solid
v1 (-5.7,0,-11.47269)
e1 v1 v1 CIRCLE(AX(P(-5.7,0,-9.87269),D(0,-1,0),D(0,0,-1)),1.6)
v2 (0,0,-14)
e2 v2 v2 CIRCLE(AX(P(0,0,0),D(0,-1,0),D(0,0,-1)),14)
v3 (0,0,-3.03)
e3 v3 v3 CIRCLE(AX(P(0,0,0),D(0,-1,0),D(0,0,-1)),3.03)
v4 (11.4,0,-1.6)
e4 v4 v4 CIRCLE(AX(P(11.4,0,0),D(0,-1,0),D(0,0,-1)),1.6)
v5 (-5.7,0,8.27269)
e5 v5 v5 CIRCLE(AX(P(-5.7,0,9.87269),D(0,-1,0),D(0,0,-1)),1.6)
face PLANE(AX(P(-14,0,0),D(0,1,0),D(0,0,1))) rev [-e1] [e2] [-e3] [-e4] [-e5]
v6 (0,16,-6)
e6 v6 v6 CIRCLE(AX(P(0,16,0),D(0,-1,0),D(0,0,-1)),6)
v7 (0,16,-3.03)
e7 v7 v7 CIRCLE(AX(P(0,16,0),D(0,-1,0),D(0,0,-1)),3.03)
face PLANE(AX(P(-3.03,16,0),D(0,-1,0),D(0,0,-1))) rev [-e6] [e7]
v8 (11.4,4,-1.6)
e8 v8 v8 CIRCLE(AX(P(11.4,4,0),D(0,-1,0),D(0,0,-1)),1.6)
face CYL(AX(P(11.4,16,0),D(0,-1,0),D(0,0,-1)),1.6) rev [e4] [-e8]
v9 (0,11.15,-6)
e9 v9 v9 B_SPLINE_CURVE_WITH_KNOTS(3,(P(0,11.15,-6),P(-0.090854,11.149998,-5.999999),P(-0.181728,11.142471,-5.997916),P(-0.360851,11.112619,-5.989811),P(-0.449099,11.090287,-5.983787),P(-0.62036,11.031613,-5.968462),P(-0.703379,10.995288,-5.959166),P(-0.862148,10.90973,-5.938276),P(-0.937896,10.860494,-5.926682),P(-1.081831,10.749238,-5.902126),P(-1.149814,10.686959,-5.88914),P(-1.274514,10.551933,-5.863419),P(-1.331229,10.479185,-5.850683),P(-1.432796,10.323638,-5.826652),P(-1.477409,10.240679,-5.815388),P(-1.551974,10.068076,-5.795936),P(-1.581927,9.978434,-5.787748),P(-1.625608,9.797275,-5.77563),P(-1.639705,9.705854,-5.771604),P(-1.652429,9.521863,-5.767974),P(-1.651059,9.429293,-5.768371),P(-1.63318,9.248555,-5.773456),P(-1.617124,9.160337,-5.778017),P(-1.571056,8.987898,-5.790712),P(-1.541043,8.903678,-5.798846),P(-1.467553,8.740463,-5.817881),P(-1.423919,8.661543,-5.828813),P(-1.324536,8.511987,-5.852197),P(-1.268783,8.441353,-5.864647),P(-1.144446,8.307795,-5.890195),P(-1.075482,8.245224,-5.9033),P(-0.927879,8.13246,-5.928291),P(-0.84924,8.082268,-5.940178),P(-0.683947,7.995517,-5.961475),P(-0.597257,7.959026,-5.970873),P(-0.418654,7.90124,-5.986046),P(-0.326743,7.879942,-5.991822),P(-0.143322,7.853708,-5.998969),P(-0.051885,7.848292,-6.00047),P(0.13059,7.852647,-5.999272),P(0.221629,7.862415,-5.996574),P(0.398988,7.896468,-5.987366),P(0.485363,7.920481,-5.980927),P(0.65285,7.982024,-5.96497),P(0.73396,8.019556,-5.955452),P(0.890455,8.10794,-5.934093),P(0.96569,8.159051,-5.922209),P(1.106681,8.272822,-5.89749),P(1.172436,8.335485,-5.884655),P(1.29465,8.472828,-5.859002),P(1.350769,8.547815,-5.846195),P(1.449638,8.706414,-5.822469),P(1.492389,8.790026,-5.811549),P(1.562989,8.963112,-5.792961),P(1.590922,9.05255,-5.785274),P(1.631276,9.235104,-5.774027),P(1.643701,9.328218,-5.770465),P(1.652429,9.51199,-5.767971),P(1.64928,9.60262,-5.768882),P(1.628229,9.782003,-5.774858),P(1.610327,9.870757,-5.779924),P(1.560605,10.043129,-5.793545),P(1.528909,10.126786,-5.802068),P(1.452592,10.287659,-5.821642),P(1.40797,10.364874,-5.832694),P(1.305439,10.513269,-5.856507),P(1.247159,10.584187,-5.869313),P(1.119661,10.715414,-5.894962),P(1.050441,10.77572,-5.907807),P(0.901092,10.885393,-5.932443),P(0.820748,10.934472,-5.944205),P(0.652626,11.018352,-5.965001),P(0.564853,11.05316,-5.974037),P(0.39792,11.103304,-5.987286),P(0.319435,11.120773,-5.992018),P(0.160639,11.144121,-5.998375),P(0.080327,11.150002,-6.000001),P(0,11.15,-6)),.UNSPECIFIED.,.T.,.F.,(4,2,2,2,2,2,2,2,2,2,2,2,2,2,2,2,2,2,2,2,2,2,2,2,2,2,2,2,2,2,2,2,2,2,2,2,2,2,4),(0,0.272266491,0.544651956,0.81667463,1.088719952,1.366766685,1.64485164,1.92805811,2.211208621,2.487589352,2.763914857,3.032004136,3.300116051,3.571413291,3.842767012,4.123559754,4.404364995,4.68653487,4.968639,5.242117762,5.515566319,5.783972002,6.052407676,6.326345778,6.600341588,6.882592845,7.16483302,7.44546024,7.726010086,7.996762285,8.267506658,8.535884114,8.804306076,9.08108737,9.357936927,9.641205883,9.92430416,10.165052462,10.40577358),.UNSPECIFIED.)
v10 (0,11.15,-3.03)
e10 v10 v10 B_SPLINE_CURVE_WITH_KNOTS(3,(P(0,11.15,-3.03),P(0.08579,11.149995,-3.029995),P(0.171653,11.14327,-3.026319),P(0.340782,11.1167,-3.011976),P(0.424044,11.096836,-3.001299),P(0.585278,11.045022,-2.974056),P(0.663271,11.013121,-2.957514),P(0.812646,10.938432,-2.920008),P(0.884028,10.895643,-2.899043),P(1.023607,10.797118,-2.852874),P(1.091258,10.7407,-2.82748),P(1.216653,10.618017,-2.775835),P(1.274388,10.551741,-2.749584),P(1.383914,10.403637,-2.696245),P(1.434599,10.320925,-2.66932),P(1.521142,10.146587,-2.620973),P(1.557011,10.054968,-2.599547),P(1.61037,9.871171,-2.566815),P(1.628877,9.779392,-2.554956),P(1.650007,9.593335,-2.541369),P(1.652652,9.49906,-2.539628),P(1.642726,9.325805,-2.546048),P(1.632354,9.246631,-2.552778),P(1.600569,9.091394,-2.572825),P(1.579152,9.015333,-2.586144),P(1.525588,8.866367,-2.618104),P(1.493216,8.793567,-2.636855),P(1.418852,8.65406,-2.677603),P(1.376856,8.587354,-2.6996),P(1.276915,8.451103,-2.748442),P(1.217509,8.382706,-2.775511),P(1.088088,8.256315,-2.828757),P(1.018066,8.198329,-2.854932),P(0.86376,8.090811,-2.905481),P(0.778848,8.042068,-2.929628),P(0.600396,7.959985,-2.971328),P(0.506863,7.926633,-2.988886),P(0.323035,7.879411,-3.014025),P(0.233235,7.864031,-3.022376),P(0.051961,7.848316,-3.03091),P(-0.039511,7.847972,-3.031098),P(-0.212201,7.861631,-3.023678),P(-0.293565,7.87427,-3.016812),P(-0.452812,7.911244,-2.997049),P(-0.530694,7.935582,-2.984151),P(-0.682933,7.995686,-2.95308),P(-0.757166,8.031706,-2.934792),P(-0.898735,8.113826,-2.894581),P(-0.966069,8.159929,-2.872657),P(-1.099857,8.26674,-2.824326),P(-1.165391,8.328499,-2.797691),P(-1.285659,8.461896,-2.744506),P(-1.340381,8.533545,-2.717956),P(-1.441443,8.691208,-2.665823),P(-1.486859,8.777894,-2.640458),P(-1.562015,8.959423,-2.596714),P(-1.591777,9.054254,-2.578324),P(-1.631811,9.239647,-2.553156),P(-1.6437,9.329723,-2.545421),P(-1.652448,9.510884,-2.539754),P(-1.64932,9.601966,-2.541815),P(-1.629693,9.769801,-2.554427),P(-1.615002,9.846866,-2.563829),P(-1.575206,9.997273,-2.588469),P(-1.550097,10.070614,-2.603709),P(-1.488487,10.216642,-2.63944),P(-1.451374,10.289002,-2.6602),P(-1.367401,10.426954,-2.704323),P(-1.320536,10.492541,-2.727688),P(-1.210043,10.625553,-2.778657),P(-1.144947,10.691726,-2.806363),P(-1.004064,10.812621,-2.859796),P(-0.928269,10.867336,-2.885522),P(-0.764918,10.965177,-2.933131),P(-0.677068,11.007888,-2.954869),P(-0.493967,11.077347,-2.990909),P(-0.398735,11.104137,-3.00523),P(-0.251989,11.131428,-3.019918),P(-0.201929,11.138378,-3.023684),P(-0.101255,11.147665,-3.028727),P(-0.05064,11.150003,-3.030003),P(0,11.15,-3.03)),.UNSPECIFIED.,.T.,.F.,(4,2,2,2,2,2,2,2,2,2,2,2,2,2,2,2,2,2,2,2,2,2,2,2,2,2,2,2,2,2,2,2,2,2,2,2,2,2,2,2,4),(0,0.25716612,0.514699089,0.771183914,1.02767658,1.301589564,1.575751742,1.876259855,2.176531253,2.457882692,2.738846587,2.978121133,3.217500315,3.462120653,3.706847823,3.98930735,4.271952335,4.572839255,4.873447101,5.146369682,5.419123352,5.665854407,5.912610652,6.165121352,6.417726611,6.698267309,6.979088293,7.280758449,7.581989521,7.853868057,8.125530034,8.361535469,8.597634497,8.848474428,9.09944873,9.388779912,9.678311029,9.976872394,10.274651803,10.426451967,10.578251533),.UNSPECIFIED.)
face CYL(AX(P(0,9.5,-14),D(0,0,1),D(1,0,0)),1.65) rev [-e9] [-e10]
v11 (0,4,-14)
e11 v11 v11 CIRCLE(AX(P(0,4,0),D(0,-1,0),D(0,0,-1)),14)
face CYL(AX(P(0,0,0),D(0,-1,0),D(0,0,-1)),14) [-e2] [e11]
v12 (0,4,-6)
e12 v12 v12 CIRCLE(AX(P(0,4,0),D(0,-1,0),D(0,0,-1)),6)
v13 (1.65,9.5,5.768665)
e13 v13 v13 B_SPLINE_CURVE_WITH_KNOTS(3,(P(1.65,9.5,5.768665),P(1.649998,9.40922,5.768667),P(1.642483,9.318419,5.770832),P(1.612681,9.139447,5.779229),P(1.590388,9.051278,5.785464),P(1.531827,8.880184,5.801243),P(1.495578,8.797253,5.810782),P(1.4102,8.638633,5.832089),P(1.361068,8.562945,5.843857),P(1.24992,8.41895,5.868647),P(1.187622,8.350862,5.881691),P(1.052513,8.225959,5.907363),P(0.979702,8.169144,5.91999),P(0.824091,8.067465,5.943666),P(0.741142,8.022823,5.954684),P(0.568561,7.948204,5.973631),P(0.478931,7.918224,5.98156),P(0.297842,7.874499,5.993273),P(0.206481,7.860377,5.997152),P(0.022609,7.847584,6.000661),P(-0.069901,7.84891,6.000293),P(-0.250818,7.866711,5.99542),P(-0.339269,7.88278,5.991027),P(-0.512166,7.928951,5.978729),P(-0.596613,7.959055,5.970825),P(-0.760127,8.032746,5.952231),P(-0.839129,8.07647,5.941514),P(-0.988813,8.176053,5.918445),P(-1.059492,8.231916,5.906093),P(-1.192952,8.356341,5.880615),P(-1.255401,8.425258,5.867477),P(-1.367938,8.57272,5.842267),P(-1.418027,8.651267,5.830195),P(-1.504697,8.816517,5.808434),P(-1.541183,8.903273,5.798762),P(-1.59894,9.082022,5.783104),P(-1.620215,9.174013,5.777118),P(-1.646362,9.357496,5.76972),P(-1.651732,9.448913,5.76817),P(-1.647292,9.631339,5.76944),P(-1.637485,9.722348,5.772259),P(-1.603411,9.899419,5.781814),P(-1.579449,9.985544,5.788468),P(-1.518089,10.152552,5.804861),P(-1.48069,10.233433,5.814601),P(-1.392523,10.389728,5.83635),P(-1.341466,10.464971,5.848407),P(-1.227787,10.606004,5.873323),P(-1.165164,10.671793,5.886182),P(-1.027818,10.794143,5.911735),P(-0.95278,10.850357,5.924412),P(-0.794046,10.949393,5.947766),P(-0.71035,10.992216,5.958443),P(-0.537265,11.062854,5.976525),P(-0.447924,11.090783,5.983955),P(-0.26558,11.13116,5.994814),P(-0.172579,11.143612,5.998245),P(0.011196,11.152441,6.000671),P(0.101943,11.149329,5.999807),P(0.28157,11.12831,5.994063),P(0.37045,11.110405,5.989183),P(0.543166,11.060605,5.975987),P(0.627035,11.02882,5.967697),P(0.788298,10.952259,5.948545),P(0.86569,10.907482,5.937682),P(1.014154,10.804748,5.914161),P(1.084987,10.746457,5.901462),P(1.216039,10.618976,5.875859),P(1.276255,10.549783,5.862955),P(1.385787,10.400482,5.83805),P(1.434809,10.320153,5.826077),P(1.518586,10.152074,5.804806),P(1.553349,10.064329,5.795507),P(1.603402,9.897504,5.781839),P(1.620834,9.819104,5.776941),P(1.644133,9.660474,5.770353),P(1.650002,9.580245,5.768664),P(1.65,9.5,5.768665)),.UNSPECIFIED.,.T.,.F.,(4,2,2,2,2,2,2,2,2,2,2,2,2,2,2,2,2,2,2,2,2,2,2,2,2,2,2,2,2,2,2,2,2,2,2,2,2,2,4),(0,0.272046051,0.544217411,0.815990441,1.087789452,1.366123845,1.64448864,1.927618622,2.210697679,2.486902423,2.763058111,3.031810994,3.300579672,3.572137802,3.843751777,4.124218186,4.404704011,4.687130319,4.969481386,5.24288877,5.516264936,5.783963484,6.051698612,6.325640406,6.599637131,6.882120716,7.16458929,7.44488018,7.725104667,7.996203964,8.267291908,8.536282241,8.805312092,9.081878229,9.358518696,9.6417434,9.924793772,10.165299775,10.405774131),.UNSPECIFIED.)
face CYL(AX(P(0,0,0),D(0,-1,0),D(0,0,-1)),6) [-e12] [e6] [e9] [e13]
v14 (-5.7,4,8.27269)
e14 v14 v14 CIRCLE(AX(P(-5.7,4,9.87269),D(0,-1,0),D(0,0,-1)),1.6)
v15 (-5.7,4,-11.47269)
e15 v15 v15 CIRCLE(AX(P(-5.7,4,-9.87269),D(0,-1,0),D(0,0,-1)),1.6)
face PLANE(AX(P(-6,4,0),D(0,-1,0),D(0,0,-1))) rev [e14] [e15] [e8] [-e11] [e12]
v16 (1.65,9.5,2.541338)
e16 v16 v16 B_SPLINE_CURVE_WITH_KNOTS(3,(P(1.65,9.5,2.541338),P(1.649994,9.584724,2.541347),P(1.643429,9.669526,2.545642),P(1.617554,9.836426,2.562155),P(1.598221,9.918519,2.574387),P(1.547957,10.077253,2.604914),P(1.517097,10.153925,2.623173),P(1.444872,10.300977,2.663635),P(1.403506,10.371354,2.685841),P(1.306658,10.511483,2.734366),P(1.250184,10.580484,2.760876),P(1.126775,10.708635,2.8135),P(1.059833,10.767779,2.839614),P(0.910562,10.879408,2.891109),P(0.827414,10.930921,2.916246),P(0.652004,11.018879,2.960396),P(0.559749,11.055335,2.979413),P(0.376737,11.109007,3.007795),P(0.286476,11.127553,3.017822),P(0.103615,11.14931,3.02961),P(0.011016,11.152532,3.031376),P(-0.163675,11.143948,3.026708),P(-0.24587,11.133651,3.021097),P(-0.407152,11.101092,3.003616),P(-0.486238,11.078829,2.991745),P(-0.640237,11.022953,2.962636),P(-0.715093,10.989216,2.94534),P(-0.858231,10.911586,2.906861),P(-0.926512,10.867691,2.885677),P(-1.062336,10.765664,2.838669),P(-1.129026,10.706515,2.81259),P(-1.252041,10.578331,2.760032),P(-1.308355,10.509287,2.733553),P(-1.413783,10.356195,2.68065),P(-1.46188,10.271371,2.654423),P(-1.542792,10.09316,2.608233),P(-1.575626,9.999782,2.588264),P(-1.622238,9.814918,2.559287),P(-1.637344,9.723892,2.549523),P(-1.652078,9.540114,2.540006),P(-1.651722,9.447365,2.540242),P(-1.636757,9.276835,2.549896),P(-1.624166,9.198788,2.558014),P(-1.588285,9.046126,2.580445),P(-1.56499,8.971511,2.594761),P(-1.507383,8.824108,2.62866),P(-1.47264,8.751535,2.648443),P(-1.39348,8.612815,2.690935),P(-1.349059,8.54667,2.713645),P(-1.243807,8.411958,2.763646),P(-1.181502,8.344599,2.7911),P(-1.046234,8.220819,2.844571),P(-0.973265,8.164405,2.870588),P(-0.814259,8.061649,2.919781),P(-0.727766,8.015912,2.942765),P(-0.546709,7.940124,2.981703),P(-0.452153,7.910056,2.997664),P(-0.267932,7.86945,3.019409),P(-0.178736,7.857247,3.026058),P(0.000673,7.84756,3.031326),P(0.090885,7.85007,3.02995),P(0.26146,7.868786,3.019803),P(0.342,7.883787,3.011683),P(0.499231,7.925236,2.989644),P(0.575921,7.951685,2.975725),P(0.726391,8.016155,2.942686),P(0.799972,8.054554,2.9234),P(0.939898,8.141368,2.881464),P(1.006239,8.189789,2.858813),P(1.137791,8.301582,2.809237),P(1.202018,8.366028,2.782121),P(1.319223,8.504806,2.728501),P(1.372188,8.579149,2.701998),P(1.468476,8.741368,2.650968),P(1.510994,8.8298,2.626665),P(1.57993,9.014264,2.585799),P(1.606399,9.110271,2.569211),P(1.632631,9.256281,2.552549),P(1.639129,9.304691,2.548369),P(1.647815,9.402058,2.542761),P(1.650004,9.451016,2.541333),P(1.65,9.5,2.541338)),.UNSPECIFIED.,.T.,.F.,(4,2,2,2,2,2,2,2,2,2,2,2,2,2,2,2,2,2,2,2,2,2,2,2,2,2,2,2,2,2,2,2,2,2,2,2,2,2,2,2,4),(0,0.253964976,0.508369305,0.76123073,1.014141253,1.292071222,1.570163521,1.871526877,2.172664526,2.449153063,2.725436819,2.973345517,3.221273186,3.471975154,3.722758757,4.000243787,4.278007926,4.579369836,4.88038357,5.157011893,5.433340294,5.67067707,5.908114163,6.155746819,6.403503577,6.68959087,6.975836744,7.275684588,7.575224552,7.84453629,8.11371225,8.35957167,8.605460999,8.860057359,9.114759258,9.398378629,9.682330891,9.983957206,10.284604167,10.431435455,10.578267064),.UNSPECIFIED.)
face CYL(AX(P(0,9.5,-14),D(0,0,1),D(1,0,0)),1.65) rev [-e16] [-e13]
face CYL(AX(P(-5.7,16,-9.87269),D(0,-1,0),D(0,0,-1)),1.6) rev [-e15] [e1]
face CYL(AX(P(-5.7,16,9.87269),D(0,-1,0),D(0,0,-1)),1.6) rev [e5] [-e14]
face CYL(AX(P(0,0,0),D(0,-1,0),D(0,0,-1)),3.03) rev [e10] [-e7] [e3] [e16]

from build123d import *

# Parameters (mm, degrees)
ESQUISSE2_R             = 1.6
ENL_V_MAT_EXTRU_1_DEPTH = 26.455844123
ESQUISSE3_R             = 1.65
ENL_V_MAT_EXTRU_2_DEPTH = 30.189039039


with BuildPart() as part:
    # Esquisse1 → Révolution1 (revolve)
    with BuildSketch(Plane.XY, mode=Mode.PRIVATE) as r_volution1_sk:
        Polygon((-3.03, 0), (-3.03, 16), (-6, 16), (-6, 4), (-14, 4), (-14, 0), align=None)
    revolve(r_volution1_sk.sketch.rotate(Axis((0, 0, 0), (0, 1, 0)), 270), axis=Axis((0, 0, 0), (0, 1, 0)))

    # Esquisse2 → Enlèv. mat.-Extru.1 (cut, through all)
    with BuildSketch(Plane.XZ):
        with Locations(Location((11.4, 0, 0), (0, 0, 270))):
            Circle(ESQUISSE2_R)
        with Locations(Location((-5.7, -9.872689603, 0), (0, 0, 270))):
            Circle(ESQUISSE2_R)
        with Locations(Location((-5.7, 9.872689603, 0), (0, 0, 270))):
            Circle(ESQUISSE2_R)
    extrude(amount=-ENL_V_MAT_EXTRU_1_DEPTH, mode=Mode.SUBTRACT)

    # Esquisse3 → Enlèv. mat.-Extru.2 (cut, through all)
    with BuildSketch(Plane.XY.offset(6)):
        with Locations((0, 9.5)):
            Circle(ESQUISSE3_R)
    extrude(amount=-ENL_V_MAT_EXTRU_2_DEPTH, mode=Mode.SUBTRACT)


solid = part.part
